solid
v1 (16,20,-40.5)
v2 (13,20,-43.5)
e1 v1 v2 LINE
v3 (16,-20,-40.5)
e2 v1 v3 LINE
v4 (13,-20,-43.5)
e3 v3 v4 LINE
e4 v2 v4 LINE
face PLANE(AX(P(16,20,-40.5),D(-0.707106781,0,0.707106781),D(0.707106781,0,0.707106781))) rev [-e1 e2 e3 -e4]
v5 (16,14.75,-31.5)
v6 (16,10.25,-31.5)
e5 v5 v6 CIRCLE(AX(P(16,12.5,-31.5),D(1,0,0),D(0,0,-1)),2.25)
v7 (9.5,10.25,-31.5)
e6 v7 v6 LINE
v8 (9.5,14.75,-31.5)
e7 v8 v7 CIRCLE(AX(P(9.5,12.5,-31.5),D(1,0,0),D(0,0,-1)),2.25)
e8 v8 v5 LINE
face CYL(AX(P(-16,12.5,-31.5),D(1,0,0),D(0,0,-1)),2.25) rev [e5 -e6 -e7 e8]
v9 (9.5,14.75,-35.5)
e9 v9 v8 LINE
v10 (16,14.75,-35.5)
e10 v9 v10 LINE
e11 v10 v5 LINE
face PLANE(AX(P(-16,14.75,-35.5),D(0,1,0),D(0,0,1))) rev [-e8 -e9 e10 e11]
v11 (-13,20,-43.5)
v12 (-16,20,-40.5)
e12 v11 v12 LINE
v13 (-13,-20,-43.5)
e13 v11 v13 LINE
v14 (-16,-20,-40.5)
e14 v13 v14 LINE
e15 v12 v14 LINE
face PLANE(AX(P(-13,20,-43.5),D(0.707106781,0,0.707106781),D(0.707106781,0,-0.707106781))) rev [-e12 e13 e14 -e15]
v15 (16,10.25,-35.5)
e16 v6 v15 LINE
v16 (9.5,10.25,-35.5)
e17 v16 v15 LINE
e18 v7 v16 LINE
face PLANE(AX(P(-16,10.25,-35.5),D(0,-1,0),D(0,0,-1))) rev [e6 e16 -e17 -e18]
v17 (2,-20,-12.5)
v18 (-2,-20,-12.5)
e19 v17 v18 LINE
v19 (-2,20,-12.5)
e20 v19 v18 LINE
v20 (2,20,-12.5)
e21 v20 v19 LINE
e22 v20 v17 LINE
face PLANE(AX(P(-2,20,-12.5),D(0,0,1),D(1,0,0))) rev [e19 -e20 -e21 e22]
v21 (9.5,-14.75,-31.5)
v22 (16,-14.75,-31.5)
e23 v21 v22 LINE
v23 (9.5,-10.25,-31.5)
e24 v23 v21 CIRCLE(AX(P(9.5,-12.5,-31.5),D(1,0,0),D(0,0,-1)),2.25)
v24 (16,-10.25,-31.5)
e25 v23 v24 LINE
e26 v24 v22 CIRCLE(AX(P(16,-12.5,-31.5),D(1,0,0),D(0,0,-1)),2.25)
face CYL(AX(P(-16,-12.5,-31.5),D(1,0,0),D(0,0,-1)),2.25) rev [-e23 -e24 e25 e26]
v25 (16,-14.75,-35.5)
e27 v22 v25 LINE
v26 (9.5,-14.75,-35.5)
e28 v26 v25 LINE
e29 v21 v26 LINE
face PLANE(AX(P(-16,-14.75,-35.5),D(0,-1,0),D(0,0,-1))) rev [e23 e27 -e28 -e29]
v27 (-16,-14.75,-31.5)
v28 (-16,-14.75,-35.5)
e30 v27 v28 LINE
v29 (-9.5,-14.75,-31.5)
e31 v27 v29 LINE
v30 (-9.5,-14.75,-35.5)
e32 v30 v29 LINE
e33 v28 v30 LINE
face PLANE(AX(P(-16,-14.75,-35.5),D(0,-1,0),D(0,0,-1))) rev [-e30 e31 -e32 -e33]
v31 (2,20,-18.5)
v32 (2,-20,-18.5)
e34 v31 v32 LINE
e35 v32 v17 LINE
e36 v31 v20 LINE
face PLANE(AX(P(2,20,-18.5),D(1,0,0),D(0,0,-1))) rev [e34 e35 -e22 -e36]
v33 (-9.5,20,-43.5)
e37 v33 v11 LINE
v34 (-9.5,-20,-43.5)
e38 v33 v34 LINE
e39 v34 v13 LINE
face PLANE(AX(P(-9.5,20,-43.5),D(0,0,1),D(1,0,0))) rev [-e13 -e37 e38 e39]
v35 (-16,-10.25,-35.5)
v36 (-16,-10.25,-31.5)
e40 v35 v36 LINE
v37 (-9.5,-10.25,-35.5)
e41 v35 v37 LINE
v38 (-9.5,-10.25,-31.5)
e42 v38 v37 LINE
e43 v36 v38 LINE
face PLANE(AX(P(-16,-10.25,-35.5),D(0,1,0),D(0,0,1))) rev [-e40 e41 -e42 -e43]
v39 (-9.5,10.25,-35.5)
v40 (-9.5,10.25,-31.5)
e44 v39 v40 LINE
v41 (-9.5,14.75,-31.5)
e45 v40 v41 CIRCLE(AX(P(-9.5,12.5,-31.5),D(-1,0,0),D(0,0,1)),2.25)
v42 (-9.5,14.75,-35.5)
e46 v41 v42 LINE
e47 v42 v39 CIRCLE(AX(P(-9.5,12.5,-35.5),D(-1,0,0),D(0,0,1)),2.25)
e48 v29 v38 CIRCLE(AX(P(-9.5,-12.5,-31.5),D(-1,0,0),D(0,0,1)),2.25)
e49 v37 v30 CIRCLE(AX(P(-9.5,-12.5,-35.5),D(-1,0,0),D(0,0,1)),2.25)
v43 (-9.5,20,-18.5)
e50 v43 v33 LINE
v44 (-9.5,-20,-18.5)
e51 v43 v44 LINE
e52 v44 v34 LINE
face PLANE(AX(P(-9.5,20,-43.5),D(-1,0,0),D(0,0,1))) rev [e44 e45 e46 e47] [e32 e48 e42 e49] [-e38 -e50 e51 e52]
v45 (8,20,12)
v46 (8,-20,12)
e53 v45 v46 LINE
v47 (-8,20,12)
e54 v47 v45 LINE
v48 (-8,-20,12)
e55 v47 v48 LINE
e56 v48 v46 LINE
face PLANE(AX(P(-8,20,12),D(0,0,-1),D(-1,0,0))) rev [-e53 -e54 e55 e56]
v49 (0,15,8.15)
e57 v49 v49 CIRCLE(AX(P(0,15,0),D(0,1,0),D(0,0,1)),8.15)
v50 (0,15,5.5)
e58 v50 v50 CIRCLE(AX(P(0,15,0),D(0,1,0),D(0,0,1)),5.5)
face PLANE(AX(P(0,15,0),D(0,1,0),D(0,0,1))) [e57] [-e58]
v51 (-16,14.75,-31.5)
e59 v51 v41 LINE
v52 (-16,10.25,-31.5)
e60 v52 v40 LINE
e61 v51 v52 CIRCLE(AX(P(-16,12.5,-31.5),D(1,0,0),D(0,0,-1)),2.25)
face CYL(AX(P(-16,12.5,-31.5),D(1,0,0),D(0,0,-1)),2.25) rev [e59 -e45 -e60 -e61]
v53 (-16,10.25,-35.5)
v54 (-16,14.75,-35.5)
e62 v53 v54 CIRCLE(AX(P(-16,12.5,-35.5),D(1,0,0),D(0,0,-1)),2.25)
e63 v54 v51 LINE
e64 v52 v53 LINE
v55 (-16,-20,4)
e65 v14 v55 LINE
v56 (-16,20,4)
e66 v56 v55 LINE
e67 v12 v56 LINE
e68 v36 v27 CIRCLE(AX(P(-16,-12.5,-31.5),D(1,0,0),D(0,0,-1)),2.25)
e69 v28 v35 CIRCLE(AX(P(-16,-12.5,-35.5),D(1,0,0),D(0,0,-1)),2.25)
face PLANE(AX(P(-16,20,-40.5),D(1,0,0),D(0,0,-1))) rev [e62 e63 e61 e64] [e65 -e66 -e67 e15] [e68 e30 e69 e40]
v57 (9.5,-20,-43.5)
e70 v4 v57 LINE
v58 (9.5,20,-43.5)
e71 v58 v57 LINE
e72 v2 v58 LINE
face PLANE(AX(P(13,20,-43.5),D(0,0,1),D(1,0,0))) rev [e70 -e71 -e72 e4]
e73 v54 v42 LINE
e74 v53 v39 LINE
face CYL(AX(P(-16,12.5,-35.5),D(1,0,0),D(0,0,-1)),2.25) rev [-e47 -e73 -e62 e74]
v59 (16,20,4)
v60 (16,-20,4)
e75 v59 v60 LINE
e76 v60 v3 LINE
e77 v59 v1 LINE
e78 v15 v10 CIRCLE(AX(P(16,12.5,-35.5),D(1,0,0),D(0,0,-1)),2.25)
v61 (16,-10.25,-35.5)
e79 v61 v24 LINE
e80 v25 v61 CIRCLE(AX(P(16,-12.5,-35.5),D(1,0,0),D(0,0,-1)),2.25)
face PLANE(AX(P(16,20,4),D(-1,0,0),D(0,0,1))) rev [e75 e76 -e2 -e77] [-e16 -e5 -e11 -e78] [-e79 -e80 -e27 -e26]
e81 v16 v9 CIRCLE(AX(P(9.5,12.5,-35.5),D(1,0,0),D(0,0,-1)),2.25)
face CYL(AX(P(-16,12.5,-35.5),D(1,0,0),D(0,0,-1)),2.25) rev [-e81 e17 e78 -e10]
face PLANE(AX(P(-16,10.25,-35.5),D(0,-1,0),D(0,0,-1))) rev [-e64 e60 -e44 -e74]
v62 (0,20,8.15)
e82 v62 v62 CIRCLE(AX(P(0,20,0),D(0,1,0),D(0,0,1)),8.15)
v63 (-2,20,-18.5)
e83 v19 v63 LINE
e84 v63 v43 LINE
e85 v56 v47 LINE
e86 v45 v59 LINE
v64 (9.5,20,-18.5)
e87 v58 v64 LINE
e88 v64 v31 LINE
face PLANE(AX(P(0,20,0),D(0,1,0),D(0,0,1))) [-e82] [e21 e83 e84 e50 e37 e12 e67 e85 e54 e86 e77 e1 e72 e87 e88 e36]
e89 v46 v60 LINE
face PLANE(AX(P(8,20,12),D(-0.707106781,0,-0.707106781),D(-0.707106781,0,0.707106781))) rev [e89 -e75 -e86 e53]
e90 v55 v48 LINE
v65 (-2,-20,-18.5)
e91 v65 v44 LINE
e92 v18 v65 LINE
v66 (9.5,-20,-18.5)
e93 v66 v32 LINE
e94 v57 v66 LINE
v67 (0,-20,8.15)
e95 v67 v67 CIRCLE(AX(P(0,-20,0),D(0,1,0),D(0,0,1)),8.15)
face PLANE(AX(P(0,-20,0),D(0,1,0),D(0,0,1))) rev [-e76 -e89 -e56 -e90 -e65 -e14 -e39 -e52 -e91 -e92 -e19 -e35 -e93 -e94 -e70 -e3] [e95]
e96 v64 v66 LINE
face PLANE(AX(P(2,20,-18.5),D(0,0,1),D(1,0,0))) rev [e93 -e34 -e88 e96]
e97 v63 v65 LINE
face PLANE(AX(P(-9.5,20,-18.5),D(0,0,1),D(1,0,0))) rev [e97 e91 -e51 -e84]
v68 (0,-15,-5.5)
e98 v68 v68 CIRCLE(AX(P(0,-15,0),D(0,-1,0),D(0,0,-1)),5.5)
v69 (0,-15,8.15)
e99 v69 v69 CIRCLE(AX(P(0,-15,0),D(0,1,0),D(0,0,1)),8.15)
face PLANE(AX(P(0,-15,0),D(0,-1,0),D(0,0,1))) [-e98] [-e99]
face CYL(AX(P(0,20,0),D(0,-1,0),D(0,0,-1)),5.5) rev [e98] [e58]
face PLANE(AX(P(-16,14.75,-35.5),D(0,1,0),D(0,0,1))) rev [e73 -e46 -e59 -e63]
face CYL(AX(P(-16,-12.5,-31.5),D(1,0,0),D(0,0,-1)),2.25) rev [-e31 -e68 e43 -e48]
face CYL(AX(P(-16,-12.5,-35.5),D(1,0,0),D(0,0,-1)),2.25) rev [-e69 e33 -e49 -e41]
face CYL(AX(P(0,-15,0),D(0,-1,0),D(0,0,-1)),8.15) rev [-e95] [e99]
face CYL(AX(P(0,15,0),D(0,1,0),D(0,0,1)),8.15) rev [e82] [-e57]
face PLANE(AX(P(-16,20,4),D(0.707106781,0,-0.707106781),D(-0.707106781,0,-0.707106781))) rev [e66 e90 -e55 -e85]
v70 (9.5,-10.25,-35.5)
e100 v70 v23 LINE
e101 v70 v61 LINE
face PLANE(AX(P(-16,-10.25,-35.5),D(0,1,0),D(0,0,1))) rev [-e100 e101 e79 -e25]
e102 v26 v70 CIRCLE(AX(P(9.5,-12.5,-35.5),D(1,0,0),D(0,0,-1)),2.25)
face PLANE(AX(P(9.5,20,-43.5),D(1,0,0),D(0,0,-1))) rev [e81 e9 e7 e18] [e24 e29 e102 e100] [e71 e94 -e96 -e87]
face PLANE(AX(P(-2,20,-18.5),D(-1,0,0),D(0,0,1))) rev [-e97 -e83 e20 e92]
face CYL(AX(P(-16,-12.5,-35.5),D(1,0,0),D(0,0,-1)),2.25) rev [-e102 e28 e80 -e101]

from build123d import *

# Parameters (mm, degrees)
SKETCH1_R           = 5.5
BOSS_EXTRUDE1_DEPTH = 20
SKETCH2_R           = 8.15
CUT_EXTRUDE1_DEPTH  = 5
CUT_EXTRUDE2_DEPTH  = 58.586890869


with BuildPart() as part:
    # Sketch1 → Boss-Extrude1 (new, symmetric)
    with BuildSketch(Plane(origin=(0, 0, 0), x_dir=(1, 0, 0), z_dir=(0, 1, 0))):
        Polygon((-9.5, 43.5), (-9.5, 18.5), (-2, 18.5), (-2, 12.5), (2, 12.5), (2, 18.5), (9.5, 18.5), (9.5, 43.5), (13, 43.5), (16, 40.5), (16, -4), (8, -12), (-8, -12), (-16, -4), (-16, 40.5), (-13, 43.5), align=None)
        with Locations(Location((0, 0, 0), (0, 0, 270))):
            Circle(SKETCH1_R, mode=Mode.SUBTRACT)
    extrude(amount=BOSS_EXTRUDE1_DEPTH, both=True)

    # Sketch2 → Cut-Extrude1 (cut)
    with BuildSketch(Plane(origin=(0, 20, 0), x_dir=(1, 0, 0), z_dir=(0, 1, 0))):
        with Locations(Location((0, 0, 0), (0, 0, 270))):
            Circle(SKETCH2_R)
    cut_extrude1 = extrude(amount=-CUT_EXTRUDE1_DEPTH, mode=Mode.SUBTRACT)

    # Mirror1: Cut-Extrude1 across plane
    add(cut_extrude1.mirror(Plane.ZX), mode=Mode.SUBTRACT)

    # Sketch3 → Cut-Extrude2 (cut, through all)
    with BuildSketch(Plane(origin=(16, 0, 0), x_dir=(0, 0, -1), z_dir=(1, 0, 0))):
        with BuildLine():
            Line((35.5, 10.25), (31.5, 10.25))
            ThreePointArc((31.5, 10.25), (29.25, 12.5), (31.5, 14.75))
            Line((31.5, 14.75), (35.5, 14.75))
            ThreePointArc((35.5, 14.75), (37.75, 12.5), (35.5, 10.25))
        make_face()
        with BuildLine():
            Line((35.5, -14.75), (31.5, -14.75))
            ThreePointArc((31.5, -14.75), (29.25, -12.5), (31.5, -10.25))
            Line((31.5, -10.25), (35.5, -10.25))
            ThreePointArc((35.5, -10.25), (37.75, -12.5), (35.5, -14.75))
        make_face()
    extrude(amount=-CUT_EXTRUDE2_DEPTH, mode=Mode.SUBTRACT)


solid = part.part
